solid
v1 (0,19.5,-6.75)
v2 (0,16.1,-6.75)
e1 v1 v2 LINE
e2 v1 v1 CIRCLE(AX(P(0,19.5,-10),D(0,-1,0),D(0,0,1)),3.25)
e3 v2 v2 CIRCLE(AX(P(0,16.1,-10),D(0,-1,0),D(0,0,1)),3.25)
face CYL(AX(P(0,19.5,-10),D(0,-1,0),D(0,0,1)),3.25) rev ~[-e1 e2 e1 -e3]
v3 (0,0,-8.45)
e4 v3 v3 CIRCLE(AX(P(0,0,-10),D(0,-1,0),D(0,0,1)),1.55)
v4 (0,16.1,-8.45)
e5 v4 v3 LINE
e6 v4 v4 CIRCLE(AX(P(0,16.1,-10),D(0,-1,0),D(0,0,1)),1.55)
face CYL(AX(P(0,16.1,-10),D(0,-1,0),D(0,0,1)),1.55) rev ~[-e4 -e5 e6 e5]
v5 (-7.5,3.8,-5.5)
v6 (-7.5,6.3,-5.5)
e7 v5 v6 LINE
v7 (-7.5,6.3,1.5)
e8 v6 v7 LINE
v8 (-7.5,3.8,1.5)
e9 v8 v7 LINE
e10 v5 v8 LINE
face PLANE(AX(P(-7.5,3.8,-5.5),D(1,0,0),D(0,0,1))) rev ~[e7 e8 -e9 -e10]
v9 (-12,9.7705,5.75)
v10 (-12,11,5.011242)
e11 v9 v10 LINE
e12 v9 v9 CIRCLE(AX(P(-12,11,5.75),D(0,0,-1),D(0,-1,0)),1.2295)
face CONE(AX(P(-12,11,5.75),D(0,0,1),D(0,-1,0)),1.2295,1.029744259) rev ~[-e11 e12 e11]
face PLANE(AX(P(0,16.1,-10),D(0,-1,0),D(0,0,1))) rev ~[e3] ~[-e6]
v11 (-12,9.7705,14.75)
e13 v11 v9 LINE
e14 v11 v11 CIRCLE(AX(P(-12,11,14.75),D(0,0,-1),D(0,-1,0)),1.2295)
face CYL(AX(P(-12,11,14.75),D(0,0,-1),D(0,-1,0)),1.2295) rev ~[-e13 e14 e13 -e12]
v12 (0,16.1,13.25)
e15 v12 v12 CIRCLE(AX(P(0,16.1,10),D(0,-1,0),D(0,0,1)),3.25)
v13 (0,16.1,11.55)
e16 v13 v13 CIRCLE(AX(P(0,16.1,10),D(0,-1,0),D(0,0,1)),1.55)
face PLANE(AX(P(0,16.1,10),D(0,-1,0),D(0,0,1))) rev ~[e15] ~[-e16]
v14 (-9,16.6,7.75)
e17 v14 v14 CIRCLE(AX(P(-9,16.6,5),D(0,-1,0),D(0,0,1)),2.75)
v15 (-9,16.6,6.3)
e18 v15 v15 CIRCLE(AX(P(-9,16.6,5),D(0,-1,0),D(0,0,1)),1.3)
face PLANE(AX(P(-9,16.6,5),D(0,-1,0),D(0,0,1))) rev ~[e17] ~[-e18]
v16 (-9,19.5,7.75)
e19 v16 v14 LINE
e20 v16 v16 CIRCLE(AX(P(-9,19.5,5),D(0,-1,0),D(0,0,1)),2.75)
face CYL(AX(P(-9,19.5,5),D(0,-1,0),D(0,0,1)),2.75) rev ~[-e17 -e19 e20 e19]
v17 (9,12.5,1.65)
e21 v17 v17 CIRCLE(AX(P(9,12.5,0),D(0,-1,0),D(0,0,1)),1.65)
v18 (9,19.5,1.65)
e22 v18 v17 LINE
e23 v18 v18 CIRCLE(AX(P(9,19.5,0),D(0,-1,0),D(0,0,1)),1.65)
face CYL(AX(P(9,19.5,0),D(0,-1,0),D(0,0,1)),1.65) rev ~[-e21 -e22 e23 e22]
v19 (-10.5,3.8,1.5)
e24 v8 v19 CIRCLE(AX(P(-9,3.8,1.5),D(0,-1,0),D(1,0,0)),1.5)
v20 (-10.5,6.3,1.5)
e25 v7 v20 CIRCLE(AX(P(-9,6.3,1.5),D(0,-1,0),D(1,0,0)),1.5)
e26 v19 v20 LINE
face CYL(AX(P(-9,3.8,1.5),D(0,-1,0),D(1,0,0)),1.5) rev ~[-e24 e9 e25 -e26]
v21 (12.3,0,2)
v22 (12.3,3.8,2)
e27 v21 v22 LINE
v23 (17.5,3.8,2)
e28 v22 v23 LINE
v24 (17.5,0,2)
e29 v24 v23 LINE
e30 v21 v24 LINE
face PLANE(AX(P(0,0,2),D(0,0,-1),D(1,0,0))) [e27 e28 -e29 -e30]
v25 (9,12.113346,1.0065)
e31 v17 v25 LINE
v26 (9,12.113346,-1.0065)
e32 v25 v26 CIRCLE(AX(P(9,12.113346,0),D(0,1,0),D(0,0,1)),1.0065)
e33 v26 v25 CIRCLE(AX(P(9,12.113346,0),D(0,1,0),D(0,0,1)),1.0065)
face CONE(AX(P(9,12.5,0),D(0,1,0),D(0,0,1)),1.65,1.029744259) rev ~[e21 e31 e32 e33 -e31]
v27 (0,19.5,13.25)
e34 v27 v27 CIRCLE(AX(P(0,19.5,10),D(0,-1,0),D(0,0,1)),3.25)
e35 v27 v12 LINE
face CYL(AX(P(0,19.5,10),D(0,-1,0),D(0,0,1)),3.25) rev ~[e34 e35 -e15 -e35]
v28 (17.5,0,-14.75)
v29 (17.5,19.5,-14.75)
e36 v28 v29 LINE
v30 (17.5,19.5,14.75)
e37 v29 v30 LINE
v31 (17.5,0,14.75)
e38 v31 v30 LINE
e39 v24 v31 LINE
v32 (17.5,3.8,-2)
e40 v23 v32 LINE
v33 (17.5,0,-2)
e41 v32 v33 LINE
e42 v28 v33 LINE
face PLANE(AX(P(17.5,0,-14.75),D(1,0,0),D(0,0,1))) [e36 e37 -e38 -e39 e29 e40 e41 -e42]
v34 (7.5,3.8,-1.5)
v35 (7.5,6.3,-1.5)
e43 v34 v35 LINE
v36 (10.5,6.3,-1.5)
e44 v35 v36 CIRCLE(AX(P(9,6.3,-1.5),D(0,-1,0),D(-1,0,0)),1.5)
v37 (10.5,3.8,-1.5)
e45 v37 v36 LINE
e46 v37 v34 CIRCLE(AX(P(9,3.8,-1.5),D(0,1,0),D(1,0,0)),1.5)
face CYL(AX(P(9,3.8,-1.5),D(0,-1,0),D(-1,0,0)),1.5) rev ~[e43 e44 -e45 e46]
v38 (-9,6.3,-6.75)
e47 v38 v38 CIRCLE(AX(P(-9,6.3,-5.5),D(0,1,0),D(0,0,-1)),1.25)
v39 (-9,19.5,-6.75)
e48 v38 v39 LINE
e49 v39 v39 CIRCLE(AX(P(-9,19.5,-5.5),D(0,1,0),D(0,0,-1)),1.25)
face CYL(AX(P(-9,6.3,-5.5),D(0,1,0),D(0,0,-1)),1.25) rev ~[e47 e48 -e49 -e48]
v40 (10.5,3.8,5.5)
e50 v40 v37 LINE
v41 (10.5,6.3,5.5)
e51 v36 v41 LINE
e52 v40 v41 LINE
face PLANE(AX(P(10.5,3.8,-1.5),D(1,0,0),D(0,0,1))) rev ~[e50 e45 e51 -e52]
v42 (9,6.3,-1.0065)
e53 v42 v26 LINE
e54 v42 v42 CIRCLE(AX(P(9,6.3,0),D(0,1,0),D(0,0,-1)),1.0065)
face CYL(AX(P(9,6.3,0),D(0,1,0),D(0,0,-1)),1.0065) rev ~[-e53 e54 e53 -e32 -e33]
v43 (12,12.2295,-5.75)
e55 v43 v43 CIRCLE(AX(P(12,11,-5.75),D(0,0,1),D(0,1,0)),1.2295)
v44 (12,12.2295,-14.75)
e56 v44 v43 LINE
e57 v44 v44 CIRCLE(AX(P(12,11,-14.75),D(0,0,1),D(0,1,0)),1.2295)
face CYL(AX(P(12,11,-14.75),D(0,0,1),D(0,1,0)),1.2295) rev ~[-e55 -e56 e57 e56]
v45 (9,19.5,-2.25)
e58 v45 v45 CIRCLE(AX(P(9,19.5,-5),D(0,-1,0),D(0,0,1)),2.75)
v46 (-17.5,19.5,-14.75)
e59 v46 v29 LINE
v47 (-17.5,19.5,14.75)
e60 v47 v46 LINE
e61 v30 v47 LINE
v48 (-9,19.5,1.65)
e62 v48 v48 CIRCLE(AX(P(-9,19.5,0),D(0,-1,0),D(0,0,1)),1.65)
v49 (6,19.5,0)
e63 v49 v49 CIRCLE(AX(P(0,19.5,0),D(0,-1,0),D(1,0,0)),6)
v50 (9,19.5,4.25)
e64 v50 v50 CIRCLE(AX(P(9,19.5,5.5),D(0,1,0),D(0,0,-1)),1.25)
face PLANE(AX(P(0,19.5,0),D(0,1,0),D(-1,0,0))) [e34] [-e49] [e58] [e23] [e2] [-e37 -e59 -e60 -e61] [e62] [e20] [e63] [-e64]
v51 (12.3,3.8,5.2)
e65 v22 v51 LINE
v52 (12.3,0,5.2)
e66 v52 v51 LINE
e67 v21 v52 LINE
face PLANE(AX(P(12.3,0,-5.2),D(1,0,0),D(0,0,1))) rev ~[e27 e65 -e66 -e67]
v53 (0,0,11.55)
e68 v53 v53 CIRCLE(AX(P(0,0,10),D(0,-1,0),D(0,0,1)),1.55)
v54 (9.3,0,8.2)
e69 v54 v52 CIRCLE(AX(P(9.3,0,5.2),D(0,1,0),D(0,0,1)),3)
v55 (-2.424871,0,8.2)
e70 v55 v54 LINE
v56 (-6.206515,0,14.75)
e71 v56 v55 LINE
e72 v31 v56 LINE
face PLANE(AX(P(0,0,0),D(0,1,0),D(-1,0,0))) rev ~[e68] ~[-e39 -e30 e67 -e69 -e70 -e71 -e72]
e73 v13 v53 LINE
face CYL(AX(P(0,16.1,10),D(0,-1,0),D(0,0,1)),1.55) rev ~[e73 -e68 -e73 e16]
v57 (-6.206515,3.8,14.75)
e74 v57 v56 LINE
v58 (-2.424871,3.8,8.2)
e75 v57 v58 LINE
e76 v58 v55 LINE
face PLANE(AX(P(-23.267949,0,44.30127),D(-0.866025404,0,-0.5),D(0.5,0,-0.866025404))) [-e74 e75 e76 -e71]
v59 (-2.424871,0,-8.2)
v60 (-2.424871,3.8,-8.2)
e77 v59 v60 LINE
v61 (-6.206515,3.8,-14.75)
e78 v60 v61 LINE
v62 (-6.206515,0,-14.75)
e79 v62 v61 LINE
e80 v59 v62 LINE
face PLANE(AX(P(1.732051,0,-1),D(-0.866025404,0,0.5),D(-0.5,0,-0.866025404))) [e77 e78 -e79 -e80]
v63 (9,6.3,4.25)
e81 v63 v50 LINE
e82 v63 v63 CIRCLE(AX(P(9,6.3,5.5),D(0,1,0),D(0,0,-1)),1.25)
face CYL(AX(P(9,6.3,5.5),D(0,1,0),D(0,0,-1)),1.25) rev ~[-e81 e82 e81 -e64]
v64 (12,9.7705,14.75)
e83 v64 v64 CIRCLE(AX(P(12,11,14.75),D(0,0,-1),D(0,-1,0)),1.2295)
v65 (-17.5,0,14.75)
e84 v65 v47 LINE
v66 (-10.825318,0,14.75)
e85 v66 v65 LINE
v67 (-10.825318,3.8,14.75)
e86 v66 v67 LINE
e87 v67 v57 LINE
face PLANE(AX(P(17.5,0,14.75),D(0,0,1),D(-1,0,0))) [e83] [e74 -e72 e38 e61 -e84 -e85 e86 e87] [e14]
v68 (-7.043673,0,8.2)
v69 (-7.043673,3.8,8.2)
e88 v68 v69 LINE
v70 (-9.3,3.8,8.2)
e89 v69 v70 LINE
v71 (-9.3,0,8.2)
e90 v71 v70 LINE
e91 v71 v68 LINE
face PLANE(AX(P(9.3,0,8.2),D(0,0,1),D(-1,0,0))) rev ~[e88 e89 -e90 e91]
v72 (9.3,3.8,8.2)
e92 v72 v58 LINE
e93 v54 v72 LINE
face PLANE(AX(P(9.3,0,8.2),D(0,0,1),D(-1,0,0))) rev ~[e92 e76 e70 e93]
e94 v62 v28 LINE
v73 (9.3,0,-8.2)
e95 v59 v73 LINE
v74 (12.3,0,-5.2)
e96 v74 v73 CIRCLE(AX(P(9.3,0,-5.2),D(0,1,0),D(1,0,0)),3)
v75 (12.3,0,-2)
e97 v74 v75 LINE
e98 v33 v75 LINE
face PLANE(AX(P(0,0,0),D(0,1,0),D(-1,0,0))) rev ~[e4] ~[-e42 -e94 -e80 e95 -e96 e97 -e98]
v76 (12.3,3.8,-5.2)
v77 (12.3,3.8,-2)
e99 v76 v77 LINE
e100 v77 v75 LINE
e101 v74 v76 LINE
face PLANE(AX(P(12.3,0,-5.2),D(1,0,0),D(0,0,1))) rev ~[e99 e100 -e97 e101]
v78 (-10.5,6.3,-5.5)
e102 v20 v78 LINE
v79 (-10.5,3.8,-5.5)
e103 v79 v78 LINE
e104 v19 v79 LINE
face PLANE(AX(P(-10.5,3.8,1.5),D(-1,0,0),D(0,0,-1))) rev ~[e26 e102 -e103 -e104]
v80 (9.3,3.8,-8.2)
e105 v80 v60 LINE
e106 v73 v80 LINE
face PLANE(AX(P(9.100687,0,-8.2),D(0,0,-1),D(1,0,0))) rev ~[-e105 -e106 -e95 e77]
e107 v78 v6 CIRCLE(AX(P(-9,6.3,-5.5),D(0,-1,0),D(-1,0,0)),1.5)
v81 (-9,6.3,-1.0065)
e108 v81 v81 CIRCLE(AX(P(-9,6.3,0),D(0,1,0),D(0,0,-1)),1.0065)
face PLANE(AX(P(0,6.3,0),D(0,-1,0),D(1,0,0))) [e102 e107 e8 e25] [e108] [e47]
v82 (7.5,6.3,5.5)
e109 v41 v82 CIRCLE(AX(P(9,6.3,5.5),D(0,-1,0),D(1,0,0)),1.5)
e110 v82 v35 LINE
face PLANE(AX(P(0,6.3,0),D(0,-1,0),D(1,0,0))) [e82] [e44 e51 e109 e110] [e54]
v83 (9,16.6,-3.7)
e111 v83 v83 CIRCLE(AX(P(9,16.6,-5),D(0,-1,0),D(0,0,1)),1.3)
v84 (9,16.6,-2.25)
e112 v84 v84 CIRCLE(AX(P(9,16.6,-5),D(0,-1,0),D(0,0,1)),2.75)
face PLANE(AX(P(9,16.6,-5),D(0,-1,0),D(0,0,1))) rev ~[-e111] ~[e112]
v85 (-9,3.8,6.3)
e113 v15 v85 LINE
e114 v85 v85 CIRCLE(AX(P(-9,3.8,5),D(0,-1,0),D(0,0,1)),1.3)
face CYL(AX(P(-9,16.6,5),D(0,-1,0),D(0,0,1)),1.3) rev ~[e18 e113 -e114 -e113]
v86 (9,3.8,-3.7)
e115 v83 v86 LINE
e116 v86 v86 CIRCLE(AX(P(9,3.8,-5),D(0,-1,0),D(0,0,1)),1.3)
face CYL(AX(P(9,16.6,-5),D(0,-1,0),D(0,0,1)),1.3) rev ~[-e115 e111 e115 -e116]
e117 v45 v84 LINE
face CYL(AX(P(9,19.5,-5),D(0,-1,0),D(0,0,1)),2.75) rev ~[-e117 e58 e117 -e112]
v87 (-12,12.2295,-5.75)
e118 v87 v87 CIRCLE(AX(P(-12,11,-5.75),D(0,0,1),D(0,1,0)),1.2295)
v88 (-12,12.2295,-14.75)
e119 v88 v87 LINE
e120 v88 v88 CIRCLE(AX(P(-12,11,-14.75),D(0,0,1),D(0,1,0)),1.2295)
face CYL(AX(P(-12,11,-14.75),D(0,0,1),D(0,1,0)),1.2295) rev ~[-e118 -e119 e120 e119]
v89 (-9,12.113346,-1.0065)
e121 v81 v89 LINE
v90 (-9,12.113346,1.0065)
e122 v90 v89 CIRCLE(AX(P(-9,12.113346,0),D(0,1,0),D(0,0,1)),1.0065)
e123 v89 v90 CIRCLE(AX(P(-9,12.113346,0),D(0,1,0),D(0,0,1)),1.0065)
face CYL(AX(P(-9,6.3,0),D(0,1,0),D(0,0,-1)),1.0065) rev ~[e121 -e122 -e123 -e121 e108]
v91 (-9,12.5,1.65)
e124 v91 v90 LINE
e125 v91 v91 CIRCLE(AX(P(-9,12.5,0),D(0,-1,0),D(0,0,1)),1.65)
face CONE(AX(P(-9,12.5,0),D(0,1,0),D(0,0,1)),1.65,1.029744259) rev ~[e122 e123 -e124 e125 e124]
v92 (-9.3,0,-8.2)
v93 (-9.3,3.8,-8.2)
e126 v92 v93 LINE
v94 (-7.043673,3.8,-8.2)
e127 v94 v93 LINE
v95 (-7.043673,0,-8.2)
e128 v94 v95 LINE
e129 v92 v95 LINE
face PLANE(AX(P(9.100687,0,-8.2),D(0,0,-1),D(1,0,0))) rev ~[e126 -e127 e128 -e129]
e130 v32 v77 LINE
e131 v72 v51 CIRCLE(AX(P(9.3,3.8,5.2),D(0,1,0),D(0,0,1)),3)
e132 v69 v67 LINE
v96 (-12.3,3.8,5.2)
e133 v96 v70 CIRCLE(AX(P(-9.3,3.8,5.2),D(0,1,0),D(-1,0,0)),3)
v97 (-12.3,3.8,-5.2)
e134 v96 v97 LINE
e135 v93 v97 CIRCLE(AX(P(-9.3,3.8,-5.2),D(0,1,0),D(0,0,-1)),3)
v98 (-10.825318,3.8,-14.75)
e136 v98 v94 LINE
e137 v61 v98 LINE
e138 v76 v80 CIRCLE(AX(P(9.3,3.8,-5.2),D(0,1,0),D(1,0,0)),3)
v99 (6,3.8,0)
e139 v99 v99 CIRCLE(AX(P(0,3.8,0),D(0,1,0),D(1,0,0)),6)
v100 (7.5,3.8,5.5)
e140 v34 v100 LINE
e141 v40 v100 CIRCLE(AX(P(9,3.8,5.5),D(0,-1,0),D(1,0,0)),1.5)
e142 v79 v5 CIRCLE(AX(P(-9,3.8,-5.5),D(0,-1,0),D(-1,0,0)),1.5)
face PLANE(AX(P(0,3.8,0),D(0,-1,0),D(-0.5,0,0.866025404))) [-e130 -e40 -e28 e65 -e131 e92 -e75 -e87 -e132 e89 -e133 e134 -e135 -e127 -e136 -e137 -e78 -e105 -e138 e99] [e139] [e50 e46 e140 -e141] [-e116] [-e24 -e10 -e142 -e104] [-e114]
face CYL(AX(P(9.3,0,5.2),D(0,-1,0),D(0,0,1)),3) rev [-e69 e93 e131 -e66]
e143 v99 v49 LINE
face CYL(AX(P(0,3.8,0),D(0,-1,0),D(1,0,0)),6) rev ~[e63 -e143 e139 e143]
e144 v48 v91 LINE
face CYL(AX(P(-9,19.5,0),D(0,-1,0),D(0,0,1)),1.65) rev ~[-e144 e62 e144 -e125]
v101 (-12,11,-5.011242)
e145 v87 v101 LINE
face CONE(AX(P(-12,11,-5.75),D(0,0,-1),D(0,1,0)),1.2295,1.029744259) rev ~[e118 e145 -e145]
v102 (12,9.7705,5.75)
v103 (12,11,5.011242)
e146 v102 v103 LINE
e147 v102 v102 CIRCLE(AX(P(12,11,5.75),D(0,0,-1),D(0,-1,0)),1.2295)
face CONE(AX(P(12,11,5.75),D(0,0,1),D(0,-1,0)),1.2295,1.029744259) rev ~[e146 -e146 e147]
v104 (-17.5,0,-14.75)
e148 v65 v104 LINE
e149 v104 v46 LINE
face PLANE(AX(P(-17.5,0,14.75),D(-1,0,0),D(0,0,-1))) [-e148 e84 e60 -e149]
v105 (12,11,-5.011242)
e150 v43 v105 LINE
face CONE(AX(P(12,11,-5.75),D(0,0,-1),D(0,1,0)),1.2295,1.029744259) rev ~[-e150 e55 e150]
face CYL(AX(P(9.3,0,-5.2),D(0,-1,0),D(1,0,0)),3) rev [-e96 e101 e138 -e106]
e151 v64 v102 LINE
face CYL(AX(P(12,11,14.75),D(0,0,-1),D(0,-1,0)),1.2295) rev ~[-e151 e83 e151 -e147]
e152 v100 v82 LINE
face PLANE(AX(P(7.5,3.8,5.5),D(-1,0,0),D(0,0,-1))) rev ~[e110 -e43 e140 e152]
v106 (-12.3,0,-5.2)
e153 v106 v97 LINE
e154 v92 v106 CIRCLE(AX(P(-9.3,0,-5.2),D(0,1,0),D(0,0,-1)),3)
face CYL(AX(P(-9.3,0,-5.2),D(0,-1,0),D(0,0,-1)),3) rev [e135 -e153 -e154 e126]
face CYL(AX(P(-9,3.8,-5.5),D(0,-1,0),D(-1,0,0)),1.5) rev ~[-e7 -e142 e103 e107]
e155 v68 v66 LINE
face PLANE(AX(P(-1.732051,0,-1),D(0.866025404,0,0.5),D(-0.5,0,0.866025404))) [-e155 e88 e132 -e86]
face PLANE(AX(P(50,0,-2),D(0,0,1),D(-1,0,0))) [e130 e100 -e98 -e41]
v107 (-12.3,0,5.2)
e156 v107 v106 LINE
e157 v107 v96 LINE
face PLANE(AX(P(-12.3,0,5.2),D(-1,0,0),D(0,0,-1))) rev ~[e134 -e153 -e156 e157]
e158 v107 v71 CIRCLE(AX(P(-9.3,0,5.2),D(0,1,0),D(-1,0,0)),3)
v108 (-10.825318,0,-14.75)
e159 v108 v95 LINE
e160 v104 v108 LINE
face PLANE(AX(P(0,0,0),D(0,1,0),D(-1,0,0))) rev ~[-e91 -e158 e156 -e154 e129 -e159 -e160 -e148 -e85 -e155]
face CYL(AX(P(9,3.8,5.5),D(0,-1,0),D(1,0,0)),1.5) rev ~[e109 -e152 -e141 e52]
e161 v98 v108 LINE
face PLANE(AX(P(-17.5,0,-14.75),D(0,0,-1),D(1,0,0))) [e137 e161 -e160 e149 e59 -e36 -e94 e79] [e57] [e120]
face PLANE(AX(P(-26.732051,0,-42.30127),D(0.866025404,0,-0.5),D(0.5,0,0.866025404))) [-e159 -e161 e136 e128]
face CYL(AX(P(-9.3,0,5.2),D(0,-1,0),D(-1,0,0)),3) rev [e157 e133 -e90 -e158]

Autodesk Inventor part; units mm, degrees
ref_plane "YZ Plane" through (0, 0, 0) normal (1, 0, 0) x (0, 1, 0)
ref_plane "XZ Plane" through (0, 0, 0) normal (0, 1, 0) x (-1, 0, 0)
ref_plane "XY Plane" through (0, 0, 0) normal (0, 0, 1) x (1, 0, 0)
sketch "Sketch24" plane through (0, 0, 0) normal (0, 1, 0) x (-1, 0, 0)
  line L0 (-17.5, 14.75) -> (17.5, 14.75)
  line L1 (17.5, 14.75) -> (17.5, -14.75)
  line L2 (17.5, -14.75) -> (-17.5, -14.75)
  line L3 (-17.5, -14.75) -> (-17.5, 14.75)
  line L4 (-17.5, 14.75) -> (17.5, -14.75) construction
  line L5 (17.5, 14.75) -> (-17.5, -14.75) construction
  line L6 (-9.3, 8.2) -> (9.3, 8.2)
  line L7 (12.3, 5.2) -> (12.3, -5.2)
  line L8 (9.3, -8.2) -> (-9.3, -8.2)
  line L9 (-12.3, -5.2) -> (-12.3, 5.2)
  line L10 (-12.3, 8.2) -> (12.3, -8.2) construction
  line L11 (12.3, 8.2) -> (-12.3, -8.2) construction
  arc A0 (12.3, 5.2) -> (9.3, 8.2) centre (9.3, 5.2) ccw
  arc A1 (9.3, -8.2) -> (12.3, -5.2) centre (9.3, -5.2) ccw
  arc A2 (-12.3, -5.2) -> (-9.3, -8.2) centre (-9.3, -5.2) ccw
  arc A3 (-9.3, 8.2) -> (-12.3, 5.2) centre (-9.3, 5.2) ccw
  circle A4 centre (0, 0) radius 12.25
  dimension "d54" = 35
  dimension "d55" = 29.5
  dimension "d56" = 16.4
  dimension "d57" = 24.6
  dimension "d58" = 3
  dimension "d59" = 24.5
extrude "Extrusion20" add sketch "Sketch24" along normal blind 19.5 contours L0 L1 L2 L3 | L6 A4 L8 A2 L9 A3 | A4 L6 | L6 A4 L8 | L6 A0 L7 A1 L8 A4 | L8 A4
extrude "Extrusion21" cut sketch "Sketch24" along normal blind 3.8 contours L6 A4 L8 A2 L9 A3 | L6 A4 L8 | L6 A0 L7 A1 L8 A4
sketch "Sketch25" plane through (0, 19.5, 0) normal (0, 1, 0) x (1, 0, 0)
  line L0 (9, 5) -> (-9, -5) construction
  point P0 (0, 0)
  point P1 (9, -5)
  point P2 (-9, 5)
  point P3 (0, 0)
  dimension "d71" = 10
  dimension "d72" = 18
hole "Hole1" at (9, 19.5, -5) at (-9, 19.5, 5) direction (0, -1, 0) diameter 2.6 end through all counterbore diameter 5.5 counterbore depth 2.9 clearance for "Socket Head Cap Screw ISO 4762" size "M2.5" standard "ISO"
sketch "Sketch26" plane through (0, 3.8, 0) normal (0, -1, 0) x (1, 0, 0)
  circle A0 centre (0, 0) radius 6
  dimension "d73" = 12
extrude "Extrusion22" cut sketch "Sketch26" against normal through all
sketch "Sketch27" plane through (-17.5, 0, 14.75) normal (0, 0, 1) x (1, 0, 0)
  line L0 (0, 0) -> (35, 0) projected
  line L1 (0, 19.5) -> (35, 19.5) projected
  point P0 (17.5, 0)
  point P1 (29.5, 11)
  point P2 (5.5, 11)
  point P3 (17.5, 0)
  point P4 (17.5, 0)
  point P5 (0, 11)
  dimension "d83" = 12
  dimension "d84" = 12
  dimension "d145" = 8.5
hole "Hole2" at (12, 11, 14.75) at (-12, 11, 14.75) direction (0, 0, -1) diameter 2.459 depth 9 tip angle 118 thread size "M3x0.5" class "6H" standard "ISO Metric profile"
sketch "Sketch28" plane through (17.5, 0, -14.75) normal (0, 0, -1) x (-1, 0, 0)
  circle A0 centre (29.5, 11) radius 1.2295 projected
  circle A1 centre (5.5, 11) radius 1.2295 projected
  point P0 (17.5, 0)
hole "Hole3" at (-12, 11, -14.75) at (12, 11, -14.75) direction (0, 0, 1) diameter 2.459 depth 9 tip angle 118 thread size "M3x0.5" class "6H" standard "ISO Metric profile"
sketch "Sketch29" plane through (0, 3.8, 0) normal (0, -1, 0) x (1, 0, 0)
  line L0 (-9, -5.5) -> (-9, 1.5) construction
  line L1 (-7.5, -5.5) -> (-7.5, 1.5)
  line L2 (-10.5, 1.5) -> (-10.5, -5.5)
  arc A0 (-10.5, -5.5) -> (-7.5, -5.5) centre (-9, -5.5) ccw
  arc A1 (-7.5, 1.5) -> (-10.5, 1.5) centre (-9, 1.5) ccw
  line L3 (9, -1.5) -> (9, 5.5) construction
  line L4 (10.5, -1.5) -> (10.5, 5.5)
  line L5 (7.5, 5.5) -> (7.5, -1.5)
  arc A2 (7.5, -1.5) -> (10.5, -1.5) centre (9, -1.5) ccw
  arc A3 (10.5, 5.5) -> (7.5, 5.5) centre (9, 5.5) ccw
  point P0 (0, 0)
  point P1 (-9, -2)
  point P2 (9, 2)
  point P3 (-9, 3)
  point P4 (-9, -7)
  dimension "d94" = 3
  dimension "d95" = 10
  dimension "d96" = 1.5
  dimension "d97" = 9
  dimension "d98" = 9
  dimension "d99" = 1.5
extrude "Extrusion23" cut sketch "Sketch29" against normal blind 2.5
sketch "Sketch30" plane through (0, 6.3, 0) normal (0, -1, 0) x (1, 0, 0)
  arc A0 (-10.5, -5.5) -> (-7.5, -5.5) centre (-9, -5.5) ccw projected
  arc A1 (10.5, 5.5) -> (7.5, 5.5) centre (9, 5.5) ccw projected
  point P0 (0, 0)
hole "Hole4" at (-9, 6.3, -5.5) at (9, 6.3, 5.5) direction (0, 1, 0) diameter 2.5 end through all
sketch "Sketch31" plane through (0, 6.3, 0) normal (0, -1, 0) x (1, 0, 0)
  arc A0 (-7.5, 1.5) -> (-10.5, 1.5) centre (-9, 1.5) ccw projected
  arc A1 (7.5, -1.5) -> (10.5, -1.5) centre (9, -1.5) ccw projected
  point P0 (0, 0)
  point P1 (-9, 0)
  point P2 (9, 0)
  point P3 (9, 0)
  point P4 (-9, 3)
hole "Hole5" at (-9, 6.3, 0) at (9, 6.3, 0) direction (0, 1, 0) diameter 2.013 end through all thread size "M2.5x0.45" class "6H" standard "ISO Metric profile"
sketch "Sketch32" plane through (0, 19.5, 0) normal (0, 1, 0) x (1, 0, 0)
  circle A0 centre (-9, 0) radius 1.0065 projected
  circle A1 centre (9, 0) radius 1.0065 projected
  point P0 (0, 0)
  point P1 (-9.5915, -2.3144)
  point P2 (-8.4085, -2.3144)
  point P3 (9.5915, 2.3144)
  point P4 (8.4085, 2.3144)
hole "Hole6" at (-9, 19.5, 0) at (9, 19.5, 0) direction (0, -1, 0) diameter 3.3 depth 7 tip angle 118
sketch "Sketch33" plane through (0, 19.5, 0) normal (0, 1, 0) x (1, 0, 0)
  point P0 (0, 0)
  point P1 (0, -10)
  point P2 (0, 10)
  dimension "d131" = 10
  dimension "d132" = 10
hole "Hole7" at (0, 19.5, 10) at (0, 19.5, -10) direction (0, -1, 0) diameter 3.1 end through all counterbore diameter 6.5 counterbore depth 3.4 clearance for "Socket Head Cap Screw ISO 4762" size "M3" standard "ISO"
sketch "Sketch35" plane through (0, 0, 0) normal (0, -1, 0) x (1, 0, 0)
  line L0 (50, -2) -> (0, -2)
  line L1 (0, -2) -> (0, 2)
  line L2 (0, 2) -> (50, 2)
  line L3 (50, 2) -> (50, -2)
  point P0 (0, 0)
  point P1 (0, 0)
  dimension "d138" = 4
  dimension "d139" = 50
extrude "Extrusion24" cut sketch "Sketch35" against normal blind 3.8
pattern_circular "Circular Pattern1" count 3 over 360 about axis through (0, 3.8, 0) along (0, 1, 0) of "Extrusion24"
properties material "Copper"
